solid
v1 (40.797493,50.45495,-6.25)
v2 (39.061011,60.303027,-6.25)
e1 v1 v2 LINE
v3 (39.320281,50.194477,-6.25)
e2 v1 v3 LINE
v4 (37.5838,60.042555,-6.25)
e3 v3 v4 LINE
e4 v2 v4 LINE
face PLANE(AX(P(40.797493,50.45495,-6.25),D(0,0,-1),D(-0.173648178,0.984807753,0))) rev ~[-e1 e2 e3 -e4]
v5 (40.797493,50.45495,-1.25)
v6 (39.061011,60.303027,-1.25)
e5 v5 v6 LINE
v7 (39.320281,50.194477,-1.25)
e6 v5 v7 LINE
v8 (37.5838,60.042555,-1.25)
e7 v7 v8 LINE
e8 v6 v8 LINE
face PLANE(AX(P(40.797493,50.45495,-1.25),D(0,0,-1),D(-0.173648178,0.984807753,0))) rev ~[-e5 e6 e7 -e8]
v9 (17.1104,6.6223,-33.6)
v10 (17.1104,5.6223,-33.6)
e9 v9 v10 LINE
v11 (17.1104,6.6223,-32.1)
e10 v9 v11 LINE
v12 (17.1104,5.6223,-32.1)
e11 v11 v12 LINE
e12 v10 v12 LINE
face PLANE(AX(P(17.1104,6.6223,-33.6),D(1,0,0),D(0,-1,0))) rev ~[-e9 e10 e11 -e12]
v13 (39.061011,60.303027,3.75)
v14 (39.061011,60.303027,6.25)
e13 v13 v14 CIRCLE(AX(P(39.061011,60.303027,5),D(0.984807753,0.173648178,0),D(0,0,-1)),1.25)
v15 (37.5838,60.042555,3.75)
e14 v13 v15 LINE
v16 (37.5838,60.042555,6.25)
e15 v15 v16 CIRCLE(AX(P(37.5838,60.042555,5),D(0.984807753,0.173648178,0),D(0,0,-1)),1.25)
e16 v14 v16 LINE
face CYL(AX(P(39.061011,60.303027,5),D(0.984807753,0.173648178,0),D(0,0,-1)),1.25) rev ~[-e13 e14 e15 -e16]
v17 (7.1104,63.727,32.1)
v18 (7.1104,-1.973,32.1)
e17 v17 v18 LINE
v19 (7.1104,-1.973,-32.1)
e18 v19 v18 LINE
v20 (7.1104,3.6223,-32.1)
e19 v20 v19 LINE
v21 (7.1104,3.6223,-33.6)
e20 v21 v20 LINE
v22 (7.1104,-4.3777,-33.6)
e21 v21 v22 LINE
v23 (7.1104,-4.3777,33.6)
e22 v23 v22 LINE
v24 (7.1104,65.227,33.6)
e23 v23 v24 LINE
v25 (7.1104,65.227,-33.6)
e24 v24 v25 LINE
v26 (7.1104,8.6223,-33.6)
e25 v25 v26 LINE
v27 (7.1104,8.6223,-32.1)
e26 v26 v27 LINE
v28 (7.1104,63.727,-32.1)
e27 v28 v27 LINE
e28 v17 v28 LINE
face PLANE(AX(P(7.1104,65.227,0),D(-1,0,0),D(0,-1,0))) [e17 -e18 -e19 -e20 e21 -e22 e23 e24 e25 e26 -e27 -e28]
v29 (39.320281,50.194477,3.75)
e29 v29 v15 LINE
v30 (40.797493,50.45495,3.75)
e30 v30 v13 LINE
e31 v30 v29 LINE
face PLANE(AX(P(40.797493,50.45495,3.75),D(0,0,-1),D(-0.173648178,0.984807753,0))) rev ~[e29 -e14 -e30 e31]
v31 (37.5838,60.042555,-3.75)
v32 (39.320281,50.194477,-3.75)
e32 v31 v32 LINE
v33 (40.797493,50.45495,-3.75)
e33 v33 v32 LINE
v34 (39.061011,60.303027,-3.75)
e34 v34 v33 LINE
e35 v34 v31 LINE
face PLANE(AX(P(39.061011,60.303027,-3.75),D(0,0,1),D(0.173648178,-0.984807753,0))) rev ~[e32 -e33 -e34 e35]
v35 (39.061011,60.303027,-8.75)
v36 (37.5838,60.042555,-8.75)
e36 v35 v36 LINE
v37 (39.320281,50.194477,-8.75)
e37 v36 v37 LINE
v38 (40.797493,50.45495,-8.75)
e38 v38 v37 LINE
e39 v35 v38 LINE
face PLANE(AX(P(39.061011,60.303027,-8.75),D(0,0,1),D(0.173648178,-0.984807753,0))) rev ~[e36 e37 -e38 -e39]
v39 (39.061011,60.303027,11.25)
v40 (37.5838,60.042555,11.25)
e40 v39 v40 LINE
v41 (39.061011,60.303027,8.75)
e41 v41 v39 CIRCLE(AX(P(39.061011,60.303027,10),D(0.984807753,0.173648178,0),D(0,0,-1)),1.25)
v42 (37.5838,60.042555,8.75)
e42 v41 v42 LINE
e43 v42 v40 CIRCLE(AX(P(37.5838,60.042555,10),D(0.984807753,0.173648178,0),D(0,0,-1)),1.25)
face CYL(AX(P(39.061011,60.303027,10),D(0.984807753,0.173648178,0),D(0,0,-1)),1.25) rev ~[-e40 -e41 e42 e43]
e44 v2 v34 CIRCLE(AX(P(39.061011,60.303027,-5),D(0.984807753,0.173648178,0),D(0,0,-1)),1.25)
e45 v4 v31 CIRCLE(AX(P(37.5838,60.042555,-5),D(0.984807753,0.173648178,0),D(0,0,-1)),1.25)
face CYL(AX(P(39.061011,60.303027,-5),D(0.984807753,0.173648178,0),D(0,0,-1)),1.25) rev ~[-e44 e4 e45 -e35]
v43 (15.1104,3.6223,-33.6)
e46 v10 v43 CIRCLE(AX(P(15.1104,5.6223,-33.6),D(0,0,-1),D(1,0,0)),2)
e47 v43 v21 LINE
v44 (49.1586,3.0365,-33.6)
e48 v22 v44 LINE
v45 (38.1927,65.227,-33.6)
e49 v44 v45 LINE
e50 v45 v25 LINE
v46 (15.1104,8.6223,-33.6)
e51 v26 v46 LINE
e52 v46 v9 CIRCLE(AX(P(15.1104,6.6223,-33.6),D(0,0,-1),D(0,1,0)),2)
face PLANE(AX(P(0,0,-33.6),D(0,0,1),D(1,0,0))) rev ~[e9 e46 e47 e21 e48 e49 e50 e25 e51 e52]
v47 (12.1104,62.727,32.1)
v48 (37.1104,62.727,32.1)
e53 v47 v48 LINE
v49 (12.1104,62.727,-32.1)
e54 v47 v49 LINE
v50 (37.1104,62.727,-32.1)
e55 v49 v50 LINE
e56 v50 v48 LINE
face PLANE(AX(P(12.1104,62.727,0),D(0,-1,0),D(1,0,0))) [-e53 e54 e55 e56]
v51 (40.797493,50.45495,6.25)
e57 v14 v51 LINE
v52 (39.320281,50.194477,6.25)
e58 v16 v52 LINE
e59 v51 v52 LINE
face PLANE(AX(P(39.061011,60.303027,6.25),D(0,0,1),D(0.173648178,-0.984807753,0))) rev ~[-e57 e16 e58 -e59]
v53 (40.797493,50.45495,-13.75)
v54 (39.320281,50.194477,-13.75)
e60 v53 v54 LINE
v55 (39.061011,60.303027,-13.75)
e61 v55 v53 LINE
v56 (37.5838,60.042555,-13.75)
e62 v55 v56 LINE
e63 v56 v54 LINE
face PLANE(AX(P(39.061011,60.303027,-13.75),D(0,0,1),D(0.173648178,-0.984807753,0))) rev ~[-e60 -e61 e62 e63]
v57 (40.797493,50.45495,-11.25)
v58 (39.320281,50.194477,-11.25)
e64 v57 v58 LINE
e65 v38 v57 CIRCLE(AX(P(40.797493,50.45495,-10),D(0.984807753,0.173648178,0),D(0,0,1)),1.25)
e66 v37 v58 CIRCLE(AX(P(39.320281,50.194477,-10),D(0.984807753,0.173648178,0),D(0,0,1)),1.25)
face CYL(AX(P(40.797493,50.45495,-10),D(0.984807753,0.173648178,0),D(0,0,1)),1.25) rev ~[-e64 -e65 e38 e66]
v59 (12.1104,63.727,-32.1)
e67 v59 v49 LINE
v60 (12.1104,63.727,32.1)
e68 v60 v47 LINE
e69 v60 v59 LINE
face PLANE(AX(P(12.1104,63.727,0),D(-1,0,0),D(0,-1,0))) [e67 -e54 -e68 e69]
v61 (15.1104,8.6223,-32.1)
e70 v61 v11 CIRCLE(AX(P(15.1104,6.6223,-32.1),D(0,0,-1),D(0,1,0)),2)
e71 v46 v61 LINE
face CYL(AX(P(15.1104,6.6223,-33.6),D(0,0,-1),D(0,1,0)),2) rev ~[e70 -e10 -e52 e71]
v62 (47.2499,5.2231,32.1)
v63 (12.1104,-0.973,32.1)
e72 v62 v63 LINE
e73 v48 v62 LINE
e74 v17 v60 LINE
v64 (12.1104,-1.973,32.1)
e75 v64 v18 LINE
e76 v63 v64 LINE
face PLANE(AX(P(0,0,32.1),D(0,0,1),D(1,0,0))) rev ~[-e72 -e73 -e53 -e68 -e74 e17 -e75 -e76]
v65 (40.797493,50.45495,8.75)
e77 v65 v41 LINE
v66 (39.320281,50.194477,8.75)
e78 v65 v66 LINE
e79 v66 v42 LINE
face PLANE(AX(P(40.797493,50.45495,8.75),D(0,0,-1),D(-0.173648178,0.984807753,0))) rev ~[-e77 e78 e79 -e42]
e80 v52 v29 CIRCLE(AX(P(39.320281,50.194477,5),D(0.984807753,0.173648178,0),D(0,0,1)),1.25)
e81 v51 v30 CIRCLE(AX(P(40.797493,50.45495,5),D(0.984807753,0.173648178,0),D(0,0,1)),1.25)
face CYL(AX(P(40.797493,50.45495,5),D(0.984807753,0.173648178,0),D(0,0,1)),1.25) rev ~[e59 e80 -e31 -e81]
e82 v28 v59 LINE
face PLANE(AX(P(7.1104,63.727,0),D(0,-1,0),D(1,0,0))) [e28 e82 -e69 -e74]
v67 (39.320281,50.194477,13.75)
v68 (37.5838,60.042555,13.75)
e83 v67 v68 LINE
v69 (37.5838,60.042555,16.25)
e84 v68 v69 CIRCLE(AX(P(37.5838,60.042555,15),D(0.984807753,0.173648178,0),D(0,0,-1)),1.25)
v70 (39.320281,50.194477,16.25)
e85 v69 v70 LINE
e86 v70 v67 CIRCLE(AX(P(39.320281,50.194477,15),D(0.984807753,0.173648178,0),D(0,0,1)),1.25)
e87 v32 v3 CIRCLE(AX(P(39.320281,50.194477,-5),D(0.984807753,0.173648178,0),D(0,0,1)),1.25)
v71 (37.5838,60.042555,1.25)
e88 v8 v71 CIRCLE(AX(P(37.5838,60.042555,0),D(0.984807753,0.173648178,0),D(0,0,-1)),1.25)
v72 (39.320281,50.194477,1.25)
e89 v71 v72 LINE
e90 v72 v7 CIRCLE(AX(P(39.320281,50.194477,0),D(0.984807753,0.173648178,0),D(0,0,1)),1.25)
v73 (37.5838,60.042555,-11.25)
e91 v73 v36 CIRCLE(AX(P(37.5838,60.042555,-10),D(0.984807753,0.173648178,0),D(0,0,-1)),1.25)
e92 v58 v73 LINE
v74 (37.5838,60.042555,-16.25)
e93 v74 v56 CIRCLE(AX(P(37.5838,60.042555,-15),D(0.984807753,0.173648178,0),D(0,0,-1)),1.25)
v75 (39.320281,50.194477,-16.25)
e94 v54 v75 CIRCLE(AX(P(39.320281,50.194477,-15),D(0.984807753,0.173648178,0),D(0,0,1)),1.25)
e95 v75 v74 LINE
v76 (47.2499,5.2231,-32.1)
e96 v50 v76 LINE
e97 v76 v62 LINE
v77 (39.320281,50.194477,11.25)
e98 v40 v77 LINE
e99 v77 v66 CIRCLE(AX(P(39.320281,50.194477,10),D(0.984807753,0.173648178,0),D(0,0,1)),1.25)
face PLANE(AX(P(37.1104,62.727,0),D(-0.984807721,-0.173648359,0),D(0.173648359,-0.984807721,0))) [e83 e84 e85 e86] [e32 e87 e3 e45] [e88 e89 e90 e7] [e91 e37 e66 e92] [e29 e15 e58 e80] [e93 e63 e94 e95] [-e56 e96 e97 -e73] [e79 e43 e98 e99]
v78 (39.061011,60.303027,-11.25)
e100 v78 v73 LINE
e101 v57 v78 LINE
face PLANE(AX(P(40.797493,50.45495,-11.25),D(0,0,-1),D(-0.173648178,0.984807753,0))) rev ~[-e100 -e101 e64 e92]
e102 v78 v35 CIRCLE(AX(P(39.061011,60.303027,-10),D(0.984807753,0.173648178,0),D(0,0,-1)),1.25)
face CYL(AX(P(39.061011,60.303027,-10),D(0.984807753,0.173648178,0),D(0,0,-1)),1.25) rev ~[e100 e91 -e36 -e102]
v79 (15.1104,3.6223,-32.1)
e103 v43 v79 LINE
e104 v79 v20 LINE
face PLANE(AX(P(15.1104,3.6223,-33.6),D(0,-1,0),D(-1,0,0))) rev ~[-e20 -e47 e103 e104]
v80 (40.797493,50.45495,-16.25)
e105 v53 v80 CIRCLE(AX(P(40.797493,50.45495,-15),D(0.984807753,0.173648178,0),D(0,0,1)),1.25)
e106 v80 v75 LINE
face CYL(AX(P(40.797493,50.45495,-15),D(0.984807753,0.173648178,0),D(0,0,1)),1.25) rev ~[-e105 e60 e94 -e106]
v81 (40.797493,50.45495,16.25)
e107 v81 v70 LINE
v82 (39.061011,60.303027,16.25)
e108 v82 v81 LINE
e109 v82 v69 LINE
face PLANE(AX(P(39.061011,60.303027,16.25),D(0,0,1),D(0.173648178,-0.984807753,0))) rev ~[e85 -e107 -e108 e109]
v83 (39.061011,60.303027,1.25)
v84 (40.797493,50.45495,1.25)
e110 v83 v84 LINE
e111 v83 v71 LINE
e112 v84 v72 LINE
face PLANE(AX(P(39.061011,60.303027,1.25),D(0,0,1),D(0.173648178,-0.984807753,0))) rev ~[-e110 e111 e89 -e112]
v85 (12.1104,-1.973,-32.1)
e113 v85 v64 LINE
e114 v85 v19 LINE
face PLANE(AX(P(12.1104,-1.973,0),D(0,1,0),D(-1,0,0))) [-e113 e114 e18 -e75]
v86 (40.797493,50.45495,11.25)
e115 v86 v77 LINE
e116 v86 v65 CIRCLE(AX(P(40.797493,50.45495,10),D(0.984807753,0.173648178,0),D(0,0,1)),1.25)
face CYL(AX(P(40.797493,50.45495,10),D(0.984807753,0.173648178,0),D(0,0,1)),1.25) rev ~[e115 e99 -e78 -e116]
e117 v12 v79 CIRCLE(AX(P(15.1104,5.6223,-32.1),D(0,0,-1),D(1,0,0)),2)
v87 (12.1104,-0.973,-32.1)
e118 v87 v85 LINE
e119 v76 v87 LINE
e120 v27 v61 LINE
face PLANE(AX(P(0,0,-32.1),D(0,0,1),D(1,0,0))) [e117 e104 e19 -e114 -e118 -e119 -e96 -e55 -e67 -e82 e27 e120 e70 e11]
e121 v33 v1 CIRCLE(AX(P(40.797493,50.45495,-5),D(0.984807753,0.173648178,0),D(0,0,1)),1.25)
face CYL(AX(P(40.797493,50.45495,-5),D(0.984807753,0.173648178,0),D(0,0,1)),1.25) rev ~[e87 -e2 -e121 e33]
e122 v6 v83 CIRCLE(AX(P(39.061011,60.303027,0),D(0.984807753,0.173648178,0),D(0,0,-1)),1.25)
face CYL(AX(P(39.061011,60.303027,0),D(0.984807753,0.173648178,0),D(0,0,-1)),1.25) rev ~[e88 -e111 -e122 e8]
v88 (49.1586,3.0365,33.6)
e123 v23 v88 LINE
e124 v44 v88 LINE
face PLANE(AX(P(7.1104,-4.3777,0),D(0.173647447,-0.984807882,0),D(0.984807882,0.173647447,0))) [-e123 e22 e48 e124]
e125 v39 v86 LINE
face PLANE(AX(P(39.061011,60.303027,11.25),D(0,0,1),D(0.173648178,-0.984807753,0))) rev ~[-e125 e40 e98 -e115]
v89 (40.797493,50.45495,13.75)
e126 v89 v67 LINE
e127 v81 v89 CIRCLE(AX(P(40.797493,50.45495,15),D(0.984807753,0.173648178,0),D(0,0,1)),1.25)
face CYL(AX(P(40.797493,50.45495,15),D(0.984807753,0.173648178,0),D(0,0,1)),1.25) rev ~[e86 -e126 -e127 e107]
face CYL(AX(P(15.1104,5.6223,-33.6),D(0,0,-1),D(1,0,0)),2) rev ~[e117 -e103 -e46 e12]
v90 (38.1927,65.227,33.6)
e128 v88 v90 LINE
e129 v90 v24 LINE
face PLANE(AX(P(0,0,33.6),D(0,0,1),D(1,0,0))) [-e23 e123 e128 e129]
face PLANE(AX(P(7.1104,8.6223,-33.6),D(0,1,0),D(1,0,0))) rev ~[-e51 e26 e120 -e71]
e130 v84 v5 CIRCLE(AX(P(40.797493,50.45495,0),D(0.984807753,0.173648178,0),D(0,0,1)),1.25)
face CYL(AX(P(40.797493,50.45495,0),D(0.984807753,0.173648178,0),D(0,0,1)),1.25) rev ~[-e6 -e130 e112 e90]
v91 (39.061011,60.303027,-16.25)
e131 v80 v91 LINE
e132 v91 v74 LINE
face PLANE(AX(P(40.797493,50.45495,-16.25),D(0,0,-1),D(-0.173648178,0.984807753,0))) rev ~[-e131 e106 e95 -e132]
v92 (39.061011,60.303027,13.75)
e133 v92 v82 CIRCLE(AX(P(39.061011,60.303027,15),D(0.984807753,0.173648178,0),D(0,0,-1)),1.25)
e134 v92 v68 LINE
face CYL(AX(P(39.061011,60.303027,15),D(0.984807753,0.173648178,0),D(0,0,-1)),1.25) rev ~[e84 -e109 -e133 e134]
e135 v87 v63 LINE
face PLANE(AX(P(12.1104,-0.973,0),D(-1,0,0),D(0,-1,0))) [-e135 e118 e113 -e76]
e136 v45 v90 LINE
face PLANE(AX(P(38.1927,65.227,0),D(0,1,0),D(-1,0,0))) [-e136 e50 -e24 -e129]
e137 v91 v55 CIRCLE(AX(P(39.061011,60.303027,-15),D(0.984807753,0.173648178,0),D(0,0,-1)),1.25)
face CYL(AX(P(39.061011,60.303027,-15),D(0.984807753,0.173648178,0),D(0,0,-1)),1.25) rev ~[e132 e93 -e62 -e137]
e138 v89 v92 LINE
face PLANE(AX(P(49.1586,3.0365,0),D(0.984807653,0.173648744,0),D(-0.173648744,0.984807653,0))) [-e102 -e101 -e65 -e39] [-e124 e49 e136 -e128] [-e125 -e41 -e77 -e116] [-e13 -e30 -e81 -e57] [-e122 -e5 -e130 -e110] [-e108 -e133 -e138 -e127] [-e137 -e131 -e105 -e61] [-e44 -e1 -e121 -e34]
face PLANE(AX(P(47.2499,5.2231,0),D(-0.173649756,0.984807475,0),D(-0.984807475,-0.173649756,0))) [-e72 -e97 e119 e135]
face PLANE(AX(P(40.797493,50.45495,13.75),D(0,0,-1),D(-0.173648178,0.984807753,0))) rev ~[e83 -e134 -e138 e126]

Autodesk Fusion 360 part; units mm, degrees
sketch "Sketch1" plane through (0, 0, 0) normal (0, 0, 1) x (1, 0, 0)
  line L0 (7.1104, -4.3777) -> (49.1586, 3.0365)
  line L1 (49.1586, 3.0365) -> (38.1927, 65.227)
  line L2 (38.1927, 65.227) -> (7.1104, 65.227)
  line L3 (7.1104, 65.227) -> (7.1104, -4.3777)
  line L4 (7.1104, 63.727) -> (12.1104, 63.727)
  line L5 (12.1104, 63.727) -> (12.1104, -1.973)
  line L6 (12.1104, -1.973) -> (7.1104, -1.973)
  line L7 (12.1104, 62.727) -> (37.1104, 62.727)
  line L8 (37.1104, 62.727) -> (47.2499, 5.2231)
  line L9 (47.2499, 5.2231) -> (12.1104, -0.973)
  dimension "d5" = 80
  dimension "d6" = 1.5
  dimension "d8" = 5
  dimension "d9" = 65.7
  dimension "d11" = 1.5
  dimension "d12" = 1
  dimension "d13" = 1
  dimension "d40" = 1.5
  dimension "d41" = 30
extrude "Extrude4" add sketch "Sketch1" against normal blind 32.1 contours L3 L4 L5 L6 | L5 L7 L8 L9 makes body 1
extrude "Extrude3" add sketch "Sketch1" along normal blind 32.1 separate body contours L3 L4 L5 L6 | L5 L7 L8 L9 makes body 2
extrude "Extrude1" add sketch "Sketch1" along normal blind 33.6 separate body makes body 3
extrude "Extrude2" add 1 faces at (21.1265, 21.2953, 0) along direction (0, 0, -1) blind 33.6 on bodies 3 bodies 3
combine "Combine1" operation add target body 1 tool bodies 2
combine "Combine2" operation cut target body 3 tool bodies 1
sketch "Sketch2" plane through (0, 0, -33.6) normal (0, 0, -1) x (-1, 0, 0)
  line L0 (-7.1104, -4.3777) -> (-7.1104, 65.227)
  line L1 (-7.1104, 65.227) -> (-38.1927, 65.227)
  line L2 (-38.1927, 65.227) -> (-49.1586, 3.0365)
  line L3 (-49.1586, 3.0365) -> (-7.1104, -4.3777)
  line L4 (-7.1104, 8.6223) -> (-15.1104, 8.6223)
  line L5 (-17.1104, 6.6223) -> (-17.1104, 5.6223)
  line L6 (-15.1104, 3.6223) -> (-7.1104, 3.6223)
  arc A0 (-15.1104, 8.6223) -> (-17.1104, 6.6223) centre (-15.1104, 6.6223) ccw
  arc A1 (-17.1104, 5.6223) -> (-15.1104, 3.6223) centre (-15.1104, 5.6223) ccw
  line L7 (-7.1104, 65.227) -> (-7.1104, -4.3777)
  dimension "d23" = 2
  dimension "d24" = 2
  dimension "d26" = 8
  dimension "d27" = 10
  dimension "d28" = 5
extrude "Extrude5" cut sketch "Sketch2" against normal blind 1.5 contours L0 L4 L5 L6 A0 A1 L7 bodies 3
sketch "Sketch3" plane through (48.1956, 8.4982, 0) normal (0.9848, 0.1736, 0) x (0, 0, -1)
  line L0 (33.6, 57.604) -> (-33.6, 57.604)
  line L1 (-33.6, 57.604) -> (-33.6, -5.546)
  line L2 (-33.6, -5.546) -> (33.6, -5.546)
  line L3 (33.6, -5.546) -> (33.6, 57.604)
  line L4 (1.25, 42.604) -> (1.25, 52.604)
  arc A0 (1.25, 52.604) -> (-1.25, 52.604) centre (0, 52.604) ccw
  line L5 (-1.25, 52.604) -> (-1.25, 42.604)
  arc A1 (-1.25, 42.604) -> (1.25, 42.604) centre (0, 42.604) ccw
  line L6 (0, 42.604) -> (0, 52.604) construction
  line L7 (0, 57.604) -> (0, 47.604) construction
  arc A2 (-13.75, 52.604) -> (-16.25, 52.604) centre (-15, 52.604) ccw
  arc A3 (-16.25, 42.604) -> (-13.75, 42.604) centre (-15, 42.604) ccw
  line L8 (-13.75, 42.604) -> (-13.75, 52.604)
  line L9 (-16.25, 52.604) -> (-16.25, 42.604)
  arc A4 (-8.75, 52.604) -> (-11.25, 52.604) centre (-10, 52.604) ccw
  arc A5 (-11.25, 42.604) -> (-8.75, 42.604) centre (-10, 42.604) ccw
  line L10 (-8.75, 42.604) -> (-8.75, 52.604)
  line L11 (-11.25, 52.604) -> (-11.25, 42.604)
  arc A6 (-3.75, 52.604) -> (-6.25, 52.604) centre (-5, 52.604) ccw
  arc A7 (-6.25, 42.604) -> (-3.75, 42.604) centre (-5, 42.604) ccw
  line L12 (-3.75, 42.604) -> (-3.75, 52.604)
  line L13 (-6.25, 52.604) -> (-6.25, 42.604)
  arc A8 (6.25, 52.604) -> (3.75, 52.604) centre (5, 52.604) ccw
  arc A9 (3.75, 42.604) -> (6.25, 42.604) centre (5, 42.604) ccw
  line L14 (6.25, 42.604) -> (6.25, 52.604)
  line L15 (3.75, 52.604) -> (3.75, 42.604)
  arc A10 (11.25, 52.604) -> (8.75, 52.604) centre (10, 52.604) ccw
  arc A11 (8.75, 42.604) -> (11.25, 42.604) centre (10, 42.604) ccw
  line L16 (11.25, 42.604) -> (11.25, 52.604)
  line L17 (8.75, 52.604) -> (8.75, 42.604)
  arc A12 (16.25, 52.604) -> (13.75, 52.604) centre (15, 52.604) ccw
  arc A13 (13.75, 42.604) -> (16.25, 42.604) centre (15, 42.604) ccw
  line L18 (16.25, 42.604) -> (16.25, 52.604)
  line L19 (13.75, 52.604) -> (13.75, 42.604)
  point P0 (0, 47.604)
  dimension "d31" = 2.5
  dimension "d32" = 10
  dimension "d33" = 10
  dimension "d36" = 5
  dimension "d37" = 0
extrude "Extrude6" cut sketch "Sketch3" against normal blind 1.5 contours L4 A0 L5 A1 | A2 A3 L8 L9 | A4 A5 L10 L11 | A6 A7 L12 L13 | A8 A9 L14 L15 | A10 A11 L16 L17 | A12 A13 L18 L19 bodies 3
equation "wall_thickness = 1.5 mm"
equation "d6 = wall_thickness"
equation "d9 = 64.2 mm + wall_thickness"
equation "d11 = wall_thickness"
equation "d14 = 32.1 mm + wall_thickness"
equation "d16 = 32.1 mm + wall_thickness"
equation "d40 = wall_thickness"
